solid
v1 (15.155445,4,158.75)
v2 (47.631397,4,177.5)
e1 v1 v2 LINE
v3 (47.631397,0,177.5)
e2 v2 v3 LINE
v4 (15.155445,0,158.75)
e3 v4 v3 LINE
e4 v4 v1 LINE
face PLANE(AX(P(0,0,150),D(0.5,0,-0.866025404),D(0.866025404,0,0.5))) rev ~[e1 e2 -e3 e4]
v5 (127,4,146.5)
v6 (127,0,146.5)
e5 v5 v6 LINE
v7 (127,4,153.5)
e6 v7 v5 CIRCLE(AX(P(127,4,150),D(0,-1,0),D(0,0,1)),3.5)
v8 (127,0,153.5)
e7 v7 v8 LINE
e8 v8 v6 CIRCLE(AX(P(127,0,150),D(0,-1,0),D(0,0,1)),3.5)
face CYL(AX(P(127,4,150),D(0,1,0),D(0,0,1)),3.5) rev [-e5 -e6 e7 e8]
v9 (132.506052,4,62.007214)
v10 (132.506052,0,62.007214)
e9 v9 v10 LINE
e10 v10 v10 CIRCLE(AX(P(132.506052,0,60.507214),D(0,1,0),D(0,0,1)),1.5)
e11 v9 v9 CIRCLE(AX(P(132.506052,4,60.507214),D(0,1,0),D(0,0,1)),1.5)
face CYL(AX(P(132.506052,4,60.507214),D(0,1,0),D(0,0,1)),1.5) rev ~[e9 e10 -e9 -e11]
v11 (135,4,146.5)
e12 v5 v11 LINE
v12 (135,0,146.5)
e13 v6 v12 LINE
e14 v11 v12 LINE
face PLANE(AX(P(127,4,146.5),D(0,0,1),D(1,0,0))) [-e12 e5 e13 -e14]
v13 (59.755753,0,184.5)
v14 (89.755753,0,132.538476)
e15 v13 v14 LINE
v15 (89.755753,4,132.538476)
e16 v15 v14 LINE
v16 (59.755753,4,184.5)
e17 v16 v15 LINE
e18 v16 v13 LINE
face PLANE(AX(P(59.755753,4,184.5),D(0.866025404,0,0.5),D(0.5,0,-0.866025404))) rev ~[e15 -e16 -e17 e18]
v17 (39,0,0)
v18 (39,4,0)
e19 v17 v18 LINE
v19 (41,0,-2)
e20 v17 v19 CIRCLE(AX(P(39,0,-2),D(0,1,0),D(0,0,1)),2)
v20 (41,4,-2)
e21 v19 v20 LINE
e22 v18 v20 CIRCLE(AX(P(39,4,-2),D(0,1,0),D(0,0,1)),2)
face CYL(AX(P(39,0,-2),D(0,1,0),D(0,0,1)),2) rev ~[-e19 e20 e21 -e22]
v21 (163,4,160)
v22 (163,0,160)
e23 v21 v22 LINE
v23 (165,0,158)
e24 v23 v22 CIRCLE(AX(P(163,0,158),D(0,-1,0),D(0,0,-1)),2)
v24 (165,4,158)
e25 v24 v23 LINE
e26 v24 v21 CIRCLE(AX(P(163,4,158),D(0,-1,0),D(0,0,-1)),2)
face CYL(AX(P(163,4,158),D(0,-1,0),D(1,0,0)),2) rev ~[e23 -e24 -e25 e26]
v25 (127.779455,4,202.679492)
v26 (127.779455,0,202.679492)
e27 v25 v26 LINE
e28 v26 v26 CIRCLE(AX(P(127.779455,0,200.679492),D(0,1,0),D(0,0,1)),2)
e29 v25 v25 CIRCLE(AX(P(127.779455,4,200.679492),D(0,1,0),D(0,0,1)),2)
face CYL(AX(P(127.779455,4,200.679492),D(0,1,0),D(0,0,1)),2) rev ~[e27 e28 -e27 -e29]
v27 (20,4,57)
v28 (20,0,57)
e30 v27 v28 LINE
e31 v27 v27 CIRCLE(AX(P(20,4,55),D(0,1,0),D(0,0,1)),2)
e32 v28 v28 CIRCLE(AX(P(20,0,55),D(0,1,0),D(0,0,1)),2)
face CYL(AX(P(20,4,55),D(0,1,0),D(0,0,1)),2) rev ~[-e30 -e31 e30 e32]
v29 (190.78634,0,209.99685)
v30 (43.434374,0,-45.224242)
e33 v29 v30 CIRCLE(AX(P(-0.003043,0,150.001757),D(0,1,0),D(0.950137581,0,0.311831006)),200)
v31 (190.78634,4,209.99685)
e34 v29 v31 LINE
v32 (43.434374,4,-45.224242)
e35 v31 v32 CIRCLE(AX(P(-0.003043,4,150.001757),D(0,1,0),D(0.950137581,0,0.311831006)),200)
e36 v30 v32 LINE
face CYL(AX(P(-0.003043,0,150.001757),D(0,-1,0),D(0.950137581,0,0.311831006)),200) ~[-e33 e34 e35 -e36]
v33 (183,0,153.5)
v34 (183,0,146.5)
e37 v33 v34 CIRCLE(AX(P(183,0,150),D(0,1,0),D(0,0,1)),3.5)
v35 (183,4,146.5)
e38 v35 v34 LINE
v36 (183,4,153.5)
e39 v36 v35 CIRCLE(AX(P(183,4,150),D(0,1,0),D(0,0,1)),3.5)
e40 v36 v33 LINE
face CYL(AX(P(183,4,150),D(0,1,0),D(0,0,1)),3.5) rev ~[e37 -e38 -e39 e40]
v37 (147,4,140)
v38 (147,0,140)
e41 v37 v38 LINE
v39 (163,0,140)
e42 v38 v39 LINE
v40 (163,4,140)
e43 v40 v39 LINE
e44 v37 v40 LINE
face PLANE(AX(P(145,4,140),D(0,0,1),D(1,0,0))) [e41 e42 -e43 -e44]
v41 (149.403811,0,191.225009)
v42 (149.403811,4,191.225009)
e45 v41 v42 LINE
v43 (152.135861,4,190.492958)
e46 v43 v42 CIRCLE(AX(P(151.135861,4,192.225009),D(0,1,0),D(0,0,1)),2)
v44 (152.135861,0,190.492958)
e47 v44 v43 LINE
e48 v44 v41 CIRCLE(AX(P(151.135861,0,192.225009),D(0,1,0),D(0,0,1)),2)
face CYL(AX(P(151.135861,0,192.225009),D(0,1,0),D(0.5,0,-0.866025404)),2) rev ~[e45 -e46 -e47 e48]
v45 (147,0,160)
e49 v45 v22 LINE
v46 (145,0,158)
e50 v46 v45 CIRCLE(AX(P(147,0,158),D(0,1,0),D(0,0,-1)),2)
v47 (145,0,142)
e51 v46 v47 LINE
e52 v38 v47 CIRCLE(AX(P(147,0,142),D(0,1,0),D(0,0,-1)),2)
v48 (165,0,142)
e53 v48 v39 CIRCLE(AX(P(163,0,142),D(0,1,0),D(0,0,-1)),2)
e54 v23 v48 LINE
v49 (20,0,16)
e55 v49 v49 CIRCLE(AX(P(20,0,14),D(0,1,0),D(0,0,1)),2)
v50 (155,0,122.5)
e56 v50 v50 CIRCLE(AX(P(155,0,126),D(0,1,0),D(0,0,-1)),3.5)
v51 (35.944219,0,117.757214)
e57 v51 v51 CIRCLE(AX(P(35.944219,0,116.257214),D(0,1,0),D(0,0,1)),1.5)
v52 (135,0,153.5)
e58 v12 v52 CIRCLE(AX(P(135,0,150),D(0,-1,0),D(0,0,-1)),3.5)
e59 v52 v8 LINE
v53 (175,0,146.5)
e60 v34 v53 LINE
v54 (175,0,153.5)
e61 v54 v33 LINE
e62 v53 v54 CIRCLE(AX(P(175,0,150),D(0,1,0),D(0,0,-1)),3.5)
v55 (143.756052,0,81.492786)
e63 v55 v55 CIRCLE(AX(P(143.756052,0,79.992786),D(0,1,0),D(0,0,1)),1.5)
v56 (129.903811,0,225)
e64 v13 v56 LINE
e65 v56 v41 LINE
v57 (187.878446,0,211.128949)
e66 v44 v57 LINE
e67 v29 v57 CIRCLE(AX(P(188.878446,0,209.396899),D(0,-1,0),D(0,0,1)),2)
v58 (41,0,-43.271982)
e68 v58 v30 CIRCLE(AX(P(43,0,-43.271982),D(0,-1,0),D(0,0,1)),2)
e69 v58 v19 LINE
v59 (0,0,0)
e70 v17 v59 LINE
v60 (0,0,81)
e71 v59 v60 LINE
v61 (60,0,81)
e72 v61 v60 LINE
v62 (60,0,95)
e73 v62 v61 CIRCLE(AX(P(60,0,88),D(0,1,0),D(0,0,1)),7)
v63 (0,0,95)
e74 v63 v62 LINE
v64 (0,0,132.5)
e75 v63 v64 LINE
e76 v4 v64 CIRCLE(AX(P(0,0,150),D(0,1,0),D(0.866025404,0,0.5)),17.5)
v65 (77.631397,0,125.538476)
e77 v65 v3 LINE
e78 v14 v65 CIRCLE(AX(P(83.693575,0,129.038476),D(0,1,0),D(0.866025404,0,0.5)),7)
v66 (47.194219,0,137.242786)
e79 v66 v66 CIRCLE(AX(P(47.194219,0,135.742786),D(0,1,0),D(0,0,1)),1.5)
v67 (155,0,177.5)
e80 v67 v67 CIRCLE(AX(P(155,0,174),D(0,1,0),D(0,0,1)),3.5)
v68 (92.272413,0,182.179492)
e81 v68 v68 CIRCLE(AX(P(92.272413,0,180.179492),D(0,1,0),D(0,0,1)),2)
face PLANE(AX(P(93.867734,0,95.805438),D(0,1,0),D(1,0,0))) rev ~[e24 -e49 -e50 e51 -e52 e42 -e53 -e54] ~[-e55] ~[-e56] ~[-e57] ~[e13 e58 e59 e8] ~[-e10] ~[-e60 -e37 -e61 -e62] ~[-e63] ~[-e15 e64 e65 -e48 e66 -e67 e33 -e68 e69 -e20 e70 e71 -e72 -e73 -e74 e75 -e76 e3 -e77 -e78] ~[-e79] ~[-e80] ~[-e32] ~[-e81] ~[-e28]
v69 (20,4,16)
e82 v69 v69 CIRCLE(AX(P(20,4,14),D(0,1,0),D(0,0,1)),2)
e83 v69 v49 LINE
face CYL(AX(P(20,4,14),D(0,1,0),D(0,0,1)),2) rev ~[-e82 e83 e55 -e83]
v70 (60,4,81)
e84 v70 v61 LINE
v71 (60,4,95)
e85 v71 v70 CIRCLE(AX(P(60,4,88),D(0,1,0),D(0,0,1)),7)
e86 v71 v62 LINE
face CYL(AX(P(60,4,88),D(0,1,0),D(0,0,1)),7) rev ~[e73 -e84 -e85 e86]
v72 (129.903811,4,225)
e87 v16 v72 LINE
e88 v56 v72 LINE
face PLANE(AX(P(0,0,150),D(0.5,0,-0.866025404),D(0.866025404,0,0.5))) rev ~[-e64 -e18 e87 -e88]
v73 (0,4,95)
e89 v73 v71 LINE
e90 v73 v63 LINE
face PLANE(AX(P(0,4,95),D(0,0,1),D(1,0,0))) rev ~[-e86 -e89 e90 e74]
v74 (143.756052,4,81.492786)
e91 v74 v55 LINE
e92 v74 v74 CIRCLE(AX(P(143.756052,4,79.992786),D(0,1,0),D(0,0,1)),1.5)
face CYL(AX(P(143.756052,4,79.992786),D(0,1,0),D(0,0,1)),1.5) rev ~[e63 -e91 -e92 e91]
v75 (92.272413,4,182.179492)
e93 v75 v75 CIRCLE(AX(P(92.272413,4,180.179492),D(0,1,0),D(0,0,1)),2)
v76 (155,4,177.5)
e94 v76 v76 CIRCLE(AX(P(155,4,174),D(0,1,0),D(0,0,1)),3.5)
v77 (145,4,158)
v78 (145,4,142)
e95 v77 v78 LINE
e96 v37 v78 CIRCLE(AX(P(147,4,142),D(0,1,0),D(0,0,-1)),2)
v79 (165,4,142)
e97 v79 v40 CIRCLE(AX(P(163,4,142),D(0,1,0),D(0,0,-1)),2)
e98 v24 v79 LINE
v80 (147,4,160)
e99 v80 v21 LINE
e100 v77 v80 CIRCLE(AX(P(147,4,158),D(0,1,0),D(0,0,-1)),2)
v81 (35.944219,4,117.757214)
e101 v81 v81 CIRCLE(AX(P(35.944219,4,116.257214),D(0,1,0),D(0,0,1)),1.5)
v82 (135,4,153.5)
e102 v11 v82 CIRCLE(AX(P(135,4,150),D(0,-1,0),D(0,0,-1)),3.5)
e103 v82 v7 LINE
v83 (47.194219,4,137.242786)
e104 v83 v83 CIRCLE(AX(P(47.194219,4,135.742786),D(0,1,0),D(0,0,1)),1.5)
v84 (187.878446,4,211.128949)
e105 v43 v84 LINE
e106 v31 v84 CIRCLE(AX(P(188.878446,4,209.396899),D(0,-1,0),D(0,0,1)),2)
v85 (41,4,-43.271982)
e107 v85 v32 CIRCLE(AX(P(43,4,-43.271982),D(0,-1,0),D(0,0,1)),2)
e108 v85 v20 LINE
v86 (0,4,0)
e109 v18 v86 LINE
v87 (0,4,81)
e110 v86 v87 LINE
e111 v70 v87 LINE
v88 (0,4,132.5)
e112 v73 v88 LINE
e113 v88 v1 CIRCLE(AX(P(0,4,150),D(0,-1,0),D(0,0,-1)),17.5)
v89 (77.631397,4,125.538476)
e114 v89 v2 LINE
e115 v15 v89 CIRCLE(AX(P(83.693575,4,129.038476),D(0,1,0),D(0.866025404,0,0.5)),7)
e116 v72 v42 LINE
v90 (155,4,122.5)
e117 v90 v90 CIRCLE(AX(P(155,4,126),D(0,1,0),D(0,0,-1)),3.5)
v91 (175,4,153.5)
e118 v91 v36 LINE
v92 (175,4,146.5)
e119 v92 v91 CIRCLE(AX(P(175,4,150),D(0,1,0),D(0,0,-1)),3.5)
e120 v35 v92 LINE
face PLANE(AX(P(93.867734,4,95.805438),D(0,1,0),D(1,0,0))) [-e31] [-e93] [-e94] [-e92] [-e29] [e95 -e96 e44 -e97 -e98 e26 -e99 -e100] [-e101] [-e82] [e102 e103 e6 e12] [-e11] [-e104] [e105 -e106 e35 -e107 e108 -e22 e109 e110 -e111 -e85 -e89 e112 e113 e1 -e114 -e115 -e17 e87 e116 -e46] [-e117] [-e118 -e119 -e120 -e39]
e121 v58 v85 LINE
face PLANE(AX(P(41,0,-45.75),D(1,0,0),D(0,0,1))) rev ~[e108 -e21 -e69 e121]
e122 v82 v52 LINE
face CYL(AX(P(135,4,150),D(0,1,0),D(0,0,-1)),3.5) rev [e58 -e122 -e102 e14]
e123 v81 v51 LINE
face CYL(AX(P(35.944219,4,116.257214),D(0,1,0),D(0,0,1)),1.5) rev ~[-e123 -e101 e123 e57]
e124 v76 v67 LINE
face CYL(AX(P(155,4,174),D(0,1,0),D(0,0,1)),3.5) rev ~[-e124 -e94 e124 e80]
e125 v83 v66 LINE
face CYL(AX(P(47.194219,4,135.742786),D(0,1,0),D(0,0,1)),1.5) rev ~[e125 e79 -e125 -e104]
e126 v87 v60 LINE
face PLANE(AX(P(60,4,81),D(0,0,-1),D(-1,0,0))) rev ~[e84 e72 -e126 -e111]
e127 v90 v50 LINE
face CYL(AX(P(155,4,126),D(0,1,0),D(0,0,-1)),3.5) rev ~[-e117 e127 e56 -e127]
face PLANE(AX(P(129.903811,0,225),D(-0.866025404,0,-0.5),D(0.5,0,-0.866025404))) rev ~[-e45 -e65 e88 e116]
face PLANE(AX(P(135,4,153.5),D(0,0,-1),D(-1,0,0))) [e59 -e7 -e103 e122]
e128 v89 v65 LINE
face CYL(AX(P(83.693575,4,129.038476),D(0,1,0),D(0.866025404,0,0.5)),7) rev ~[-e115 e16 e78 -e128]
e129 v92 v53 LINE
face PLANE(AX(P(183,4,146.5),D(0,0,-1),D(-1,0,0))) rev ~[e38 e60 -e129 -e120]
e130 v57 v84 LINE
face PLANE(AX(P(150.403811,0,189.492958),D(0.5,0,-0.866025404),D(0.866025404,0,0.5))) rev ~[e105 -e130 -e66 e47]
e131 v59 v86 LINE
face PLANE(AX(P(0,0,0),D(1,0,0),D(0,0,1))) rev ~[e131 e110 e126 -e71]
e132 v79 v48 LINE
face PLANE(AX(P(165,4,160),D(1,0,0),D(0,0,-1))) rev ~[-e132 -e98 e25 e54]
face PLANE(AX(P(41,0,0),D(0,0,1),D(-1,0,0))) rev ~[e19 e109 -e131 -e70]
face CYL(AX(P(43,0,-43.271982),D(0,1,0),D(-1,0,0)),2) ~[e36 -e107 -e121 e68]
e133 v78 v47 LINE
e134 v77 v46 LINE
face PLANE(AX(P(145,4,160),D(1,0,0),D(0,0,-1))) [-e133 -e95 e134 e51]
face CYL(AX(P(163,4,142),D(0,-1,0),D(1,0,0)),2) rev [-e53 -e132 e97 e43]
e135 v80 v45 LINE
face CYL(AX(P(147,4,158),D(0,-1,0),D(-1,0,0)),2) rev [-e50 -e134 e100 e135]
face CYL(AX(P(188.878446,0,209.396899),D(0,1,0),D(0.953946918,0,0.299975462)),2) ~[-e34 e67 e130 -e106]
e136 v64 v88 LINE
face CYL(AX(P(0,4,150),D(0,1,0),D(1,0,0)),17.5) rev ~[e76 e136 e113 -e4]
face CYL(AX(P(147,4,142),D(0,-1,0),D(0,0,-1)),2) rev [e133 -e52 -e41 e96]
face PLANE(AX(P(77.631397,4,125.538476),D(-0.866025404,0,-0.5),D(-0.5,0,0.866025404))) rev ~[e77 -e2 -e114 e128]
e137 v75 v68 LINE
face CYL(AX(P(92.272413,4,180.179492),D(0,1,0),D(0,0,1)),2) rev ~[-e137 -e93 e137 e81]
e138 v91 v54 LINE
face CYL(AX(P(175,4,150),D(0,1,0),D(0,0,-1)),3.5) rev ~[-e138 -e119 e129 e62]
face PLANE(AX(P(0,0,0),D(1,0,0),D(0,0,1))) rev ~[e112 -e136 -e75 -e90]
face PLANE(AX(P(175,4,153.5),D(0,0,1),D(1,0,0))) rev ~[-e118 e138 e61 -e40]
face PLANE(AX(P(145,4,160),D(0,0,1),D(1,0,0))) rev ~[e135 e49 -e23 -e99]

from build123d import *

# Parameters (mm, degrees)
BOSS_EXTRUDE1_DEPTH = 4
SKETCH2_R           = 2
CUT_EXTRUDE1_DEPTH  = 4
SKETCH3_R           = 1.5
CUT_EXTRUDE2_DEPTH  = 4
CUT_EXTRUDE3_DEPTH  = 4
SKETCH5_R           = 2
CUT_EXTRUDE4_DEPTH  = 4
SKETCH6_R           = 3.5
SKETCH6_W           = 20
SKETCH6_H           = 20
CUT_EXTRUDE5_DEPTH  = 4
CUT_EXTRUDE6_DEPTH  = 4
SKETCH9_R           = 17.5
CUT_EXTRUDE7_DEPTH  = 4
FILLET1_R           = 2


with BuildPart() as part:
    # Sketch1 → Boss-Extrude1 (new body)
    with BuildSketch(Plane(origin=(0, 0, 0), x_dir=(1, 0, 0), z_dir=(0, 1, 0))):
        with BuildLine():
            Line((0, 0), (0, -150))
            Line((0, -150), (129.903810568, -225))
            Line((129.903810568, -225), (150.403810568, -189.492958445))
            Line((150.403810568, -189.492958445), (190.024472791, -212.367958445))
            ThreePointArc((190.024472791, -212.367958445), (173.202037288, -50.001757147), (41, 45.75))
            Line((41, 45.75), (41, 0))
            Line((41, 0), (0, 0))
        make_face()
    extrude(amount=BOSS_EXTRUDE1_DEPTH)

    # Sketch2 → Cut-Extrude1 (cut)
    with BuildSketch(Plane(origin=(0, 4, 0), x_dir=(1, 0, 0), z_dir=(0, 1, 0))):
        with Locations(Location((20, -14, 0), (0, 0, 270))):
            Circle(SKETCH2_R)
        with Locations(Location((20, -55, 0), (0, 0, 270))):
            Circle(SKETCH2_R)
    extrude(amount=-CUT_EXTRUDE1_DEPTH, mode=Mode.SUBTRACT)

    # Sketch3 → Cut-Extrude2 (cut)
    with BuildSketch(Plane(origin=(0, 4, 0), x_dir=(1, 0, 0), z_dir=(0, 1, 0))):
        with Locations(Location((143.756051904, -79.992785793, 0), (0, 0, 270))):
            Circle(SKETCH3_R)
        with Locations(Location((132.506051904, -60.507214207, 0), (0, 0, 270))):
            Circle(SKETCH3_R)
        with Locations(Location((47.194219382, -135.742785793, 0), (0, 0, 270))):
            Circle(SKETCH3_R)
        with Locations(Location((35.944219382, -116.257214207, 0), (0, 0, 270))):
            Circle(SKETCH3_R)
    extrude(amount=-CUT_EXTRUDE2_DEPTH, mode=Mode.SUBTRACT)

    # Sketch4 → Cut-Extrude3 (cut)
    with BuildSketch(Plane(origin=(0, 4, 0), x_dir=(1, 0, 0), z_dir=(0, 1, 0))):
        with BuildLine():
            Line((0, -81), (0, -95))
            Line((0, -95), (60, -95))
            ThreePointArc((60, -95), (67, -88), (60, -81))
            Line((60, -81), (0, -81))
        make_face()
    extrude(amount=-CUT_EXTRUDE3_DEPTH, mode=Mode.SUBTRACT)

    # Sketch5 → Cut-Extrude4 (cut)
    with BuildSketch(Plane(origin=(0, 4, 0), x_dir=(1, 0, 0), z_dir=(0, 1, 0))):
        with Locations(Location((127.779454915, -200.679491924, 0), (0, 0, 270))):
            Circle(SKETCH5_R)
        with Locations(Location((92.27241336, -180.179491924, 0), (0, 0, 270))):
            Circle(SKETCH5_R)
    extrude(amount=-CUT_EXTRUDE4_DEPTH, mode=Mode.SUBTRACT)

    # Sketch6 → Cut-Extrude5 (cut)
    with BuildSketch(Plane(origin=(0, 4, 0), x_dir=(1, 0, 0), z_dir=(0, 1, 0))):
        with Locations(Location((155, -174, 0), (0, 0, 270))):
            Circle(SKETCH6_R)
        with Locations(Location((155, -126, 0), (0, 0, 90))):
            Circle(SKETCH6_R)
        with Locations((155, -150)):
            Rectangle(SKETCH6_W, SKETCH6_H)
        with BuildLine():
            Line((127, -146.5), (135, -146.5))
            ThreePointArc((135, -146.5), (138.5, -150), (135, -153.5))
            Line((135, -153.5), (127, -153.5))
            ThreePointArc((127, -153.5), (123.5, -150), (127, -146.5))
        make_face()
        with BuildLine():
            Line((183, -146.5), (175, -146.5))
            ThreePointArc((175, -146.5), (171.5, -150), (175, -153.5))
            Line((175, -153.5), (183, -153.5))
            ThreePointArc((183, -153.5), (186.5, -150), (183, -146.5))
        make_face()
    extrude(amount=-CUT_EXTRUDE5_DEPTH, mode=Mode.SUBTRACT)

    # Sketch8 → Cut-Extrude6 (cut)
    with BuildSketch(Plane(origin=(0, 4, 0), x_dir=(1, 0, 0), z_dir=(0, 1, 0))):
        with BuildLine():
            Line((47.631397208, -177.5), (59.755752861, -184.5))
            Line((59.755752861, -184.5), (89.755752861, -132.538475773))
            ThreePointArc((89.755752861, -132.538475773), (87.193575035, -122.976297946), (77.631397208, -125.538475773))
            Line((77.631397208, -125.538475773), (47.631397208, -177.5))
        make_face()
    extrude(amount=-CUT_EXTRUDE6_DEPTH, mode=Mode.SUBTRACT)

    # Sketch9 → Cut-Extrude7 (cut)
    with BuildSketch(Plane(origin=(0, 4, 0), x_dir=(1, 0, 0), z_dir=(0, 1, 0))):
        with Locations((0, -150)):
            Circle(SKETCH9_R)
    extrude(amount=-CUT_EXTRUDE7_DEPTH, mode=Mode.SUBTRACT)

    # Fillet1
    fillet1_edges = [part.edges().sort_by_distance(p)[0] for p in [
        (165, 2, 160),
        (165, 2, 140),
        (145, 2, 140),
        (145, 2, 160),
        (41, 2, 0),
        (41, 2, -45.75),
        (190.024472791, 2, 212.367958445),
        (150.403810568, 2, 189.492958445),
    ]]
    fillet(fillet1_edges, radius=FILLET1_R)


solid = part.part
